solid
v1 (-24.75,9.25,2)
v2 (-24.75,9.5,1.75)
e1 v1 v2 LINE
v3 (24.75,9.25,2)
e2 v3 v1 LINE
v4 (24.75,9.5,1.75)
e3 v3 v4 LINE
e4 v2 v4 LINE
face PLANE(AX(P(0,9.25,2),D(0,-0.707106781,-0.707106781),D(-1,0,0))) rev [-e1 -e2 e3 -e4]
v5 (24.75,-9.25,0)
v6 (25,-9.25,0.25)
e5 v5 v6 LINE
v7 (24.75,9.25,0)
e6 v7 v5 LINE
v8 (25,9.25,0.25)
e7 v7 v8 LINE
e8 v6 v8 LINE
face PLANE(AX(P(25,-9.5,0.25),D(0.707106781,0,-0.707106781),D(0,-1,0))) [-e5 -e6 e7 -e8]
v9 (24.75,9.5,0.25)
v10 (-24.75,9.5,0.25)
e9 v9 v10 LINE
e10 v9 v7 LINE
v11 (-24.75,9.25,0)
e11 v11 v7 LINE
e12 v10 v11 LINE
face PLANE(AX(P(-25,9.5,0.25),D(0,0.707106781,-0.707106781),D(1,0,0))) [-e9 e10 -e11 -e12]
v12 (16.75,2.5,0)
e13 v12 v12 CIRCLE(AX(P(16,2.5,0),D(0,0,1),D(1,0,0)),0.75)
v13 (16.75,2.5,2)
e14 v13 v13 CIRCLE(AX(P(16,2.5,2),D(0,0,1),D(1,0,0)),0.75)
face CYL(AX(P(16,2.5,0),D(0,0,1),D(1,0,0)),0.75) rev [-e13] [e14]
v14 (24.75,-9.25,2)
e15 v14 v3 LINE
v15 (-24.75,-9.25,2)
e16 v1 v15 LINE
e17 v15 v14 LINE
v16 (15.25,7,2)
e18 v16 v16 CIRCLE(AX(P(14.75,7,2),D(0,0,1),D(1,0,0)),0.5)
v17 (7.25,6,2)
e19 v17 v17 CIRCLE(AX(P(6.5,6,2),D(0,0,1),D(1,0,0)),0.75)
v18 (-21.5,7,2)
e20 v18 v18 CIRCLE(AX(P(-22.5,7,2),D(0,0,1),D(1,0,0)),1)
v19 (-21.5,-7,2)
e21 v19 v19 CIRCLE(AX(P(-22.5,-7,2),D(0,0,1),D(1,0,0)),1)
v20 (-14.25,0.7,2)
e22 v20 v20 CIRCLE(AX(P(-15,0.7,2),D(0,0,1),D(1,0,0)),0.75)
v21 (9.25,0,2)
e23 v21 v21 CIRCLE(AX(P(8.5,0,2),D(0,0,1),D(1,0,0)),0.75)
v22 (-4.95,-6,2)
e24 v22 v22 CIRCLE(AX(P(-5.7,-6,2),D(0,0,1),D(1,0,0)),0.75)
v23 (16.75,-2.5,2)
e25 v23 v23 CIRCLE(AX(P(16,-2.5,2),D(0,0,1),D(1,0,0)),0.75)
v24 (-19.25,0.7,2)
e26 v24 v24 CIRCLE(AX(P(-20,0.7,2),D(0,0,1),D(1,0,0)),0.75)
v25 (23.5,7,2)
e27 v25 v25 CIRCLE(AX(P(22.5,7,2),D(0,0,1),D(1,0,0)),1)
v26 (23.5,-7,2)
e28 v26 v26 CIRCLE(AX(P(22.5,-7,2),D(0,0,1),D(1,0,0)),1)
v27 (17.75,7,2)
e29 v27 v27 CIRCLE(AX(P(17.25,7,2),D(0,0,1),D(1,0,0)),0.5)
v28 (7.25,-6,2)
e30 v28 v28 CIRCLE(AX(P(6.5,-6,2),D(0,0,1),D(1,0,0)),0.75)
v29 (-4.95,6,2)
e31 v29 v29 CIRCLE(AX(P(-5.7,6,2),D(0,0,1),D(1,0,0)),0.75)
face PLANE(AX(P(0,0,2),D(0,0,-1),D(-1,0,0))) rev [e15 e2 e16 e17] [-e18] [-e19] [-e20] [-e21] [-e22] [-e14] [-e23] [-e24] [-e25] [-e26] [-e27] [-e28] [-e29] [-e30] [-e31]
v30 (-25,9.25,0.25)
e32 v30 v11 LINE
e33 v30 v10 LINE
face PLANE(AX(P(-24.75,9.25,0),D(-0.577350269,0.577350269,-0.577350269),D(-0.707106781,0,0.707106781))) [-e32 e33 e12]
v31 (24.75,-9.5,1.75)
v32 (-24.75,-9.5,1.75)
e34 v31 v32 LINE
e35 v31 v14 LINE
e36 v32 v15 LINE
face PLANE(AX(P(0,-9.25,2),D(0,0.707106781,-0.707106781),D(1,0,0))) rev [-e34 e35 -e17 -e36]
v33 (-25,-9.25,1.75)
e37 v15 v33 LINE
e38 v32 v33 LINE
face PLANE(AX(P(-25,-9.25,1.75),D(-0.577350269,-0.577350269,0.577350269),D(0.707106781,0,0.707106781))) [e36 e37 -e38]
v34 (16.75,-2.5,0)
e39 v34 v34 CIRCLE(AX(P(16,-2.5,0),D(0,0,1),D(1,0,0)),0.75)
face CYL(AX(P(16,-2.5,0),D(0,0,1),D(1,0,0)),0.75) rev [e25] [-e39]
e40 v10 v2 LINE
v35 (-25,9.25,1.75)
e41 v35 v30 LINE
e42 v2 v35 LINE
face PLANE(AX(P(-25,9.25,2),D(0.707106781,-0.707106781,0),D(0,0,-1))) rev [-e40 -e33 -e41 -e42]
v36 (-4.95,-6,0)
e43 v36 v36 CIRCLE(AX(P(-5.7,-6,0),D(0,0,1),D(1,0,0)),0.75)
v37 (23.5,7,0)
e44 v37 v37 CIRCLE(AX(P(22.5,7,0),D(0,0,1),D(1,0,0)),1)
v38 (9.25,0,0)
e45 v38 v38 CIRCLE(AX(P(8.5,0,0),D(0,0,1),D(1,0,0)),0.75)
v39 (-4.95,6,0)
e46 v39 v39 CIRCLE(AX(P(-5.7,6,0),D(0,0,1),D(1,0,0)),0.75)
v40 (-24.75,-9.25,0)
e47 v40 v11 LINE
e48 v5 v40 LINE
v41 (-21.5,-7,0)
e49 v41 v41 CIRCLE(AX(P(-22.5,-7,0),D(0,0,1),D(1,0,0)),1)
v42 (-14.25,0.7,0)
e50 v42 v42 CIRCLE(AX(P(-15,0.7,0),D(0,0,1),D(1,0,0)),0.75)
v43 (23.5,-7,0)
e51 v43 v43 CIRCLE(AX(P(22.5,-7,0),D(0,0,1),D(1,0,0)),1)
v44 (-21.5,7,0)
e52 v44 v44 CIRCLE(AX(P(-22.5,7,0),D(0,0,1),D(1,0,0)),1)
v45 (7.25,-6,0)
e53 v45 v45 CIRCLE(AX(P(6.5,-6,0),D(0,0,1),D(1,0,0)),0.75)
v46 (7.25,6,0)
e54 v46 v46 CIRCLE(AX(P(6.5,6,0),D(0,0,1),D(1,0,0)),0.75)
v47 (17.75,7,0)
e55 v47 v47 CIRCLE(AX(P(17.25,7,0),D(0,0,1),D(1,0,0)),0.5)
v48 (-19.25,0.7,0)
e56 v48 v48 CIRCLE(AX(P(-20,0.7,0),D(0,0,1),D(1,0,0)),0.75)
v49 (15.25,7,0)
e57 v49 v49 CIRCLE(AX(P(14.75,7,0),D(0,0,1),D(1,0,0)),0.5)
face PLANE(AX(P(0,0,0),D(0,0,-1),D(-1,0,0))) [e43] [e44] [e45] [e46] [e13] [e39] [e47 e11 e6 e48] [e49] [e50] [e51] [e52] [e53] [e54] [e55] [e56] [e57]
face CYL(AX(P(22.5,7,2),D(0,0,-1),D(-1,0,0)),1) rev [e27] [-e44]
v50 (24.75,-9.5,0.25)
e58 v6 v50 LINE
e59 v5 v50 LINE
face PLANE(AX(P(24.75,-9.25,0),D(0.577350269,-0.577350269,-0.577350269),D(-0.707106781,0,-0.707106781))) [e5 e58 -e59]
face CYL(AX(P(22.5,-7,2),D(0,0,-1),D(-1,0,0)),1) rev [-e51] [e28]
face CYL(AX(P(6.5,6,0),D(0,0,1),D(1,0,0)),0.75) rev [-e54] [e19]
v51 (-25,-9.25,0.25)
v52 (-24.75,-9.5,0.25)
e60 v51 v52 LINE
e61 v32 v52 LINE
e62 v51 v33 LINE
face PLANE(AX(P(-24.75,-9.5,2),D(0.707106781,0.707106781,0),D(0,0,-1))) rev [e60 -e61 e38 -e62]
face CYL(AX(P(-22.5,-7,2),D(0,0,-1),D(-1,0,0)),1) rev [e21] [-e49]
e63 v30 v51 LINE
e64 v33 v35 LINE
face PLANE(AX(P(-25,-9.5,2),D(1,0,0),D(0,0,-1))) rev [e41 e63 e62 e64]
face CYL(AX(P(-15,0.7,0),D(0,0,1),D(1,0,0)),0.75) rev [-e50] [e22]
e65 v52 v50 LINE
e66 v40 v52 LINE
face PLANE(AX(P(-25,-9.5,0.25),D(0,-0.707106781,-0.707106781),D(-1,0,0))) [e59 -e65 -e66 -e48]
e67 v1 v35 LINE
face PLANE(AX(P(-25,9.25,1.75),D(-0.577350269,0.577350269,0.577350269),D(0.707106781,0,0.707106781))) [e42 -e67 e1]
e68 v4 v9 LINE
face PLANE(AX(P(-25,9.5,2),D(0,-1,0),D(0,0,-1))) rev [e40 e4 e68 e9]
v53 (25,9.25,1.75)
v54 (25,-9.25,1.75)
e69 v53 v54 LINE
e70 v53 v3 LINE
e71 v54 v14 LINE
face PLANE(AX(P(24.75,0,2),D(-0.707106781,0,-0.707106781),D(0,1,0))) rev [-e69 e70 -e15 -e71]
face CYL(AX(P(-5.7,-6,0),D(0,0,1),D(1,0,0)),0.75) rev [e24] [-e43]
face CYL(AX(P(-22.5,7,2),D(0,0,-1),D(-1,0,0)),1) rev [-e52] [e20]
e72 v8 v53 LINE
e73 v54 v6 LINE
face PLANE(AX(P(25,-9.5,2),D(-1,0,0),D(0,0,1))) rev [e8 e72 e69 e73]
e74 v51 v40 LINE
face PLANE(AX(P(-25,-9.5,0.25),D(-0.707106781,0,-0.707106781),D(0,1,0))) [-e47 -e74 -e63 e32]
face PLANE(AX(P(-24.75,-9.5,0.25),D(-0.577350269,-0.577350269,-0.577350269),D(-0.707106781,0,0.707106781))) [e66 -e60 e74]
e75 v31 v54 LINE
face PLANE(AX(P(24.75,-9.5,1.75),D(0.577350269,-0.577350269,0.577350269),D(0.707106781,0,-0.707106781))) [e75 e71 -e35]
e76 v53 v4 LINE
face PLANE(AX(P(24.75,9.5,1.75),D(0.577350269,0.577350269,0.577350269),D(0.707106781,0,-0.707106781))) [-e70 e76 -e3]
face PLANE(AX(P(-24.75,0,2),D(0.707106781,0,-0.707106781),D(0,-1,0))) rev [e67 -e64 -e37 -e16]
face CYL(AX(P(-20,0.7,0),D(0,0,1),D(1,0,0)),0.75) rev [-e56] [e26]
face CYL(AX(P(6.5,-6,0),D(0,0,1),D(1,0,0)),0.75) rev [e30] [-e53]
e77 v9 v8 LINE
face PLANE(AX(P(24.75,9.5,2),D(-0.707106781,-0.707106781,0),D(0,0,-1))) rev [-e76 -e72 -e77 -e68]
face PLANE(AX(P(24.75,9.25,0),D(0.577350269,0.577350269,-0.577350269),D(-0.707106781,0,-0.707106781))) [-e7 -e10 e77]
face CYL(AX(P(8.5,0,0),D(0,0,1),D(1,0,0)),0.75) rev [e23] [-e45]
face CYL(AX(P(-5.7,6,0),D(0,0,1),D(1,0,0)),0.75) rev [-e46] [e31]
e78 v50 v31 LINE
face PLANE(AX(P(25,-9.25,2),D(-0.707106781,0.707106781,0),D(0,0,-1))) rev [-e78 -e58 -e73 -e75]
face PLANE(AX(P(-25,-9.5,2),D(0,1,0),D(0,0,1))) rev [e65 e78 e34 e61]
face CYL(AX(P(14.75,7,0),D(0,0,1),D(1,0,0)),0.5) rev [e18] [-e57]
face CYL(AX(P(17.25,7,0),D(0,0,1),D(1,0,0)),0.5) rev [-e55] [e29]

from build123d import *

# Parameters (mm, degrees)
SKETCH_1_W          = 50
SKETCH_1_H          = 19
SKETCH_1_R          = 1
EXTRUDE_1_DEPTH     = 2
SKETCH_2_R          = 0.75
SKETCH_2_R_2        = 0.5
CUT_EXTRUDE_1_DEPTH = 2
CHAMFER_1_SIZE      = 0.25


with BuildPart() as part:
    # Эскиз1 → Бобышка-Вытянуть1 (new body)
    with BuildSketch(Plane.XY):
        Rectangle(SKETCH_1_W, SKETCH_1_H)
        with Locations((-22.5, 7)):
            Circle(SKETCH_1_R, mode=Mode.SUBTRACT)
        with Locations((22.5, 7)):
            Circle(SKETCH_1_R, mode=Mode.SUBTRACT)
        with Locations((22.5, -7)):
            Circle(SKETCH_1_R, mode=Mode.SUBTRACT)
        with Locations((-22.5, -7)):
            Circle(SKETCH_1_R, mode=Mode.SUBTRACT)
    extrude(amount=EXTRUDE_1_DEPTH)

    # Эскиз2 → Вырез-Вытянуть1 (cut)
    with BuildSketch(Plane.XY.offset(2)):
        with Locations((-5.7, 6)):
            Circle(SKETCH_2_R)
        with Locations((-5.7, -6)):
            Circle(SKETCH_2_R)
        with Locations((6.5, 6)):
            Circle(SKETCH_2_R)
        with Locations((6.5, -6)):
            Circle(SKETCH_2_R)
        with Locations((8.5, 0)):
            Circle(SKETCH_2_R)
        with Locations((16, 2.5)):
            Circle(SKETCH_2_R)
        with Locations((16, -2.5)):
            Circle(SKETCH_2_R)
        with Locations((14.75, 7)):
            Circle(SKETCH_2_R_2)
        with Locations((-20, 0.7)):
            Circle(SKETCH_2_R)
        with Locations((-15, 0.7)):
            Circle(SKETCH_2_R)
        with Locations((17.25, 7)):
            Circle(SKETCH_2_R_2)
    extrude(amount=-CUT_EXTRUDE_1_DEPTH, mode=Mode.SUBTRACT)

    # Фаска1
    chamfer_1_edges = [part.edges().sort_by_distance(p)[0] for p in [
        (-25, 0, 2),
        (0, -9.5, 2),
        (25, 0, 2),
        (0, -9.5, 0),
        (-25, 0, 0),
        (0, 9.5, 0),
        (25, 0, 0),
        (0, 9.5, 2),
        (25, -9.5, 1),
        (-25, -9.5, 1),
        (-25, 9.5, 1),
        (25, 9.5, 1),
    ]]
    chamfer(chamfer_1_edges, length=CHAMFER_1_SIZE)


solid = part.part
